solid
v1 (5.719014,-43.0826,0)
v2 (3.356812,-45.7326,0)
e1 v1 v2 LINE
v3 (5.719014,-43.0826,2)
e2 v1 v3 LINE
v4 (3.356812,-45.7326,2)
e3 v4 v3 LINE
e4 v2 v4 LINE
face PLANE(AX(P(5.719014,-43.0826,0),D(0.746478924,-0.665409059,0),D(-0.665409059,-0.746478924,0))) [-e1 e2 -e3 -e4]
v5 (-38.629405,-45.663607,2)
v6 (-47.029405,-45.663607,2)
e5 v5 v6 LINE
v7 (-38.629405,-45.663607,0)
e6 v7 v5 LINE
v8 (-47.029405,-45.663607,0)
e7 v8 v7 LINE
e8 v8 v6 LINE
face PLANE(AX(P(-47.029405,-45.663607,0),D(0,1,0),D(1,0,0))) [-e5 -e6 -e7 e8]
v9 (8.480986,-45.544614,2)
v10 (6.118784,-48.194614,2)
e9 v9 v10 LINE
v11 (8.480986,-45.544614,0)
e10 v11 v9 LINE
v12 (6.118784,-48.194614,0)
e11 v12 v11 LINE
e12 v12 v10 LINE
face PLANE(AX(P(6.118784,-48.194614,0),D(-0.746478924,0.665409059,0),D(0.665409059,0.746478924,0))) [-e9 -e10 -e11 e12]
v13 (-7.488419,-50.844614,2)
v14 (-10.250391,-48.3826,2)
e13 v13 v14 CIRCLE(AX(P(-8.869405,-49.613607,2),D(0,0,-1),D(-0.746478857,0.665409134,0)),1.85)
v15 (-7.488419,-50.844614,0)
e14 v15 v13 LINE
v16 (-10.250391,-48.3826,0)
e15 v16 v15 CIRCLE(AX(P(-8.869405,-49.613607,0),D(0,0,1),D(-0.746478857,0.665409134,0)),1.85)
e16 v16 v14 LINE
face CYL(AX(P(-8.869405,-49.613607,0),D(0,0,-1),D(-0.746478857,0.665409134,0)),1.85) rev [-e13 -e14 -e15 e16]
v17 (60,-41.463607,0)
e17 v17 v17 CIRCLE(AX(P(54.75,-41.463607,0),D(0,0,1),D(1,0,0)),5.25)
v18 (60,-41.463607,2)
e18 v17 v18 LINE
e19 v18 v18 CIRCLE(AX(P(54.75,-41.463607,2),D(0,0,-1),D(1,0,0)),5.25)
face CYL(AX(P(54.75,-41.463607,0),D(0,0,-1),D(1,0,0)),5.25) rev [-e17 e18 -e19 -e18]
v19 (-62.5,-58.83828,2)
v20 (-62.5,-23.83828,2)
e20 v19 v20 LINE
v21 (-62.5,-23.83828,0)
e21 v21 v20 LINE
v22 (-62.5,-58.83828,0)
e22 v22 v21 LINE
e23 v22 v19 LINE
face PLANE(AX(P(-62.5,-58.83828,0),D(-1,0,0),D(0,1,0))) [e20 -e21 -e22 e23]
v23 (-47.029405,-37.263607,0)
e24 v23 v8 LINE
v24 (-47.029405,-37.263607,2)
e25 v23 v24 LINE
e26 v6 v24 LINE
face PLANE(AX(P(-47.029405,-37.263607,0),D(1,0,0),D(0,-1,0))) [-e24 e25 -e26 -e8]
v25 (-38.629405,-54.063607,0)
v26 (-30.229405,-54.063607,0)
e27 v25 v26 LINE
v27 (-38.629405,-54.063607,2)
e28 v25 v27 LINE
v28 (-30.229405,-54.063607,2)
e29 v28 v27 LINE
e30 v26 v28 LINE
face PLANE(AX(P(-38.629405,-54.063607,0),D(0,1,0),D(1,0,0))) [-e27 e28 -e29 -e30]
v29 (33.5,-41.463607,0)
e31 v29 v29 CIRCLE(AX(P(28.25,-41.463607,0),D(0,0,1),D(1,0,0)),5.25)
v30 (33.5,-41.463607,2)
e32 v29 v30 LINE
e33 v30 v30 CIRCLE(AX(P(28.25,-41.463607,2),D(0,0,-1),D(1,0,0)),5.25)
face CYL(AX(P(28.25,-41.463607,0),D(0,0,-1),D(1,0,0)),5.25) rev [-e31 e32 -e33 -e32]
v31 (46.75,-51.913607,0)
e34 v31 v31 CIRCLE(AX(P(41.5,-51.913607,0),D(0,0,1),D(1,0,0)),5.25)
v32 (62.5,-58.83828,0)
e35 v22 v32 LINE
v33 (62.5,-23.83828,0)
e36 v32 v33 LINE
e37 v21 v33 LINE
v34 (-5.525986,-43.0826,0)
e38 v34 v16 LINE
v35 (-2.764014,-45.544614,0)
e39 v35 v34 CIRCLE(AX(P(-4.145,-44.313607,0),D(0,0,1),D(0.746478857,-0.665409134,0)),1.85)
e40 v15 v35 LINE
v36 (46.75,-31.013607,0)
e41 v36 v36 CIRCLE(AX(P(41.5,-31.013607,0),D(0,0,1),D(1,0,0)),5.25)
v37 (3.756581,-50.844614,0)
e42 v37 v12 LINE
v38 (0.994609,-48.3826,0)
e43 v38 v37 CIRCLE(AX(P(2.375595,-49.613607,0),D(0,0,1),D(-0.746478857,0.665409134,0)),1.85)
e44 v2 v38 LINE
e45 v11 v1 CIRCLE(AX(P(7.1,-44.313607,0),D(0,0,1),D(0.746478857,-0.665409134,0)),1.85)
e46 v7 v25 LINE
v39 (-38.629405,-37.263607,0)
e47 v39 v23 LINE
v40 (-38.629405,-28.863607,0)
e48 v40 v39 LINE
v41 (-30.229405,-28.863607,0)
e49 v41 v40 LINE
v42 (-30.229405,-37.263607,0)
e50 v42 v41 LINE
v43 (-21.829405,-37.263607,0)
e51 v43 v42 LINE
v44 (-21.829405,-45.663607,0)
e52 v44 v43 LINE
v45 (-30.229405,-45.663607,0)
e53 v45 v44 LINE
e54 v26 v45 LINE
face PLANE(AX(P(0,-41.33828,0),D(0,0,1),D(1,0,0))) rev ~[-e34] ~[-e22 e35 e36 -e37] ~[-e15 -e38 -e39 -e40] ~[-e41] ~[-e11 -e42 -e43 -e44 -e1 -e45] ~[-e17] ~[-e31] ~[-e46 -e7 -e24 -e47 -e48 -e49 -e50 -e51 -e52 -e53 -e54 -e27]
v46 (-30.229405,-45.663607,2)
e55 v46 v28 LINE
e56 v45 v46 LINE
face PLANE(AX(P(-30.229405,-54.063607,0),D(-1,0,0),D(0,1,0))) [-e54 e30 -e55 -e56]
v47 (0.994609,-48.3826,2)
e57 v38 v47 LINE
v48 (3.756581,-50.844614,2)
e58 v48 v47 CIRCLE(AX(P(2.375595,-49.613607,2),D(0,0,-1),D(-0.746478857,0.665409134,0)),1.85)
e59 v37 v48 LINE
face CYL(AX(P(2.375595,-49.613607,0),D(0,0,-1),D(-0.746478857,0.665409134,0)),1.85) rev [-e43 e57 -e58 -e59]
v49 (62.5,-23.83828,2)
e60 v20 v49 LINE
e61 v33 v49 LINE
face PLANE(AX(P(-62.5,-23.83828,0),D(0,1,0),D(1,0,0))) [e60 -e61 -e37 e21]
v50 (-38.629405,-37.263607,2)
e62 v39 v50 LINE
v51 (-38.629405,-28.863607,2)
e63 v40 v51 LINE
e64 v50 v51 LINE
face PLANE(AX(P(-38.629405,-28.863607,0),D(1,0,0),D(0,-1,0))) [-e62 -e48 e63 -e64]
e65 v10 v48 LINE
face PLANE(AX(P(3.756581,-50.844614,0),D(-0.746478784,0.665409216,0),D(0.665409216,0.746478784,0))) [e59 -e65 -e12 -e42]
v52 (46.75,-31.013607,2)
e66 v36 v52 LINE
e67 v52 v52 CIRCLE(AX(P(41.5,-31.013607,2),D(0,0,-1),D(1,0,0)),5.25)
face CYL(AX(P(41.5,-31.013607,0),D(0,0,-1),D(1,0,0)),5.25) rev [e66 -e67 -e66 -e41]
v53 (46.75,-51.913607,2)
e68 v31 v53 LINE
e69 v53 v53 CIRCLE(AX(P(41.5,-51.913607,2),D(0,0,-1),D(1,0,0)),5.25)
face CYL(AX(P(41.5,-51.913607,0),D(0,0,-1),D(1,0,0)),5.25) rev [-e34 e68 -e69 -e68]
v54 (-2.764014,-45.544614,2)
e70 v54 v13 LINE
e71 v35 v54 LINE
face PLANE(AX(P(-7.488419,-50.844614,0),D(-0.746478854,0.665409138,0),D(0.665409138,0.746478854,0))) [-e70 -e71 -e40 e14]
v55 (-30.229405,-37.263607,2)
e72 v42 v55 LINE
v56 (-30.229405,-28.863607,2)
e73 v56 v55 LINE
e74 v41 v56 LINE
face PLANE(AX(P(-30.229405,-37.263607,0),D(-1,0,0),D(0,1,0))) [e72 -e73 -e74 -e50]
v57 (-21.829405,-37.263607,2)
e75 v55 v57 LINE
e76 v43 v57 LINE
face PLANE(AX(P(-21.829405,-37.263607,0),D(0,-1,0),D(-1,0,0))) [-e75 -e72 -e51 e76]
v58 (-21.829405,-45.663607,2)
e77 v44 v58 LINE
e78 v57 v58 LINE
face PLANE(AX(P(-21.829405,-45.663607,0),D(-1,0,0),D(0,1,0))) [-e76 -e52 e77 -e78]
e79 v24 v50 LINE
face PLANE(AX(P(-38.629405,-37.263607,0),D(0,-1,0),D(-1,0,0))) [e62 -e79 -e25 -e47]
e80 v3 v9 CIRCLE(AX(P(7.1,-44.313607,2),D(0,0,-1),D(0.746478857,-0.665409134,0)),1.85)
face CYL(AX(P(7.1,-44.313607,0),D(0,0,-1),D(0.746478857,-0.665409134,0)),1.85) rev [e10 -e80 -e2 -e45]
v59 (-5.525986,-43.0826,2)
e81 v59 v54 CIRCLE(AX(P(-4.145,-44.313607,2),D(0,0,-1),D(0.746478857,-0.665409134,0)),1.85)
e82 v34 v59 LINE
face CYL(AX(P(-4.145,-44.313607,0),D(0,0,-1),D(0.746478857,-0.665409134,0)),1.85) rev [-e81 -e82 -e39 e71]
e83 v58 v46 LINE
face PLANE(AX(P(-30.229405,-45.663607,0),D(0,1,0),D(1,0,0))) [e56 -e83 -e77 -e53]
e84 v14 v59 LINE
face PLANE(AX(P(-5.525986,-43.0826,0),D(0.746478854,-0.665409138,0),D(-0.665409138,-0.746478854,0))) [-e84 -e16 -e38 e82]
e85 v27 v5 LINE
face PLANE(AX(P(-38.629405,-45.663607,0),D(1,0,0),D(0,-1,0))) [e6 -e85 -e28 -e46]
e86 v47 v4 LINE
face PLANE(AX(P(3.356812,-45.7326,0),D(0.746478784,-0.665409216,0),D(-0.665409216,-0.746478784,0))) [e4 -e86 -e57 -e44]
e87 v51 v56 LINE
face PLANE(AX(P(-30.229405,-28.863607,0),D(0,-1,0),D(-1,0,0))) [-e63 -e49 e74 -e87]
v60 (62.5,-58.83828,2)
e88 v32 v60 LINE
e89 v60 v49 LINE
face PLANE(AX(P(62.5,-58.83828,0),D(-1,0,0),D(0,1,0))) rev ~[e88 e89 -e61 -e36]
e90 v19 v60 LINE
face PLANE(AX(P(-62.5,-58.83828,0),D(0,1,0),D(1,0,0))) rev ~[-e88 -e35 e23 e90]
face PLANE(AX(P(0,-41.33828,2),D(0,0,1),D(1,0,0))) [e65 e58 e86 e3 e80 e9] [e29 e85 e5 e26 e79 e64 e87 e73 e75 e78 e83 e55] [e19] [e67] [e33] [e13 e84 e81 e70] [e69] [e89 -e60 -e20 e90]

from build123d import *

# Parameters (mm, degrees)
F2_W     = 125
F2_H     = 35
F3_DEPTH = 2
F1_R     = 5.25
F4_DEPTH = 25


with BuildPart() as f3:
    # F2 (on Top) → F3 (new body)
    with BuildSketch(Plane.XY):
        with Locations((0, -41.33828)):
            Rectangle(F2_W, F2_H)
    extrude(amount=F3_DEPTH)

    # F1 (on Top) → F4 (cut)
    with BuildSketch(Plane.XY):
        with Locations((41.5, -31.013607)):
            Circle(F1_R)
        with Locations((54.75, -41.463607)):
            Circle(F1_R)
        with Locations((41.5, -51.913607)):
            Circle(F1_R)
        with Locations((28.25, -41.463607)):
            Circle(F1_R)
        with BuildLine():
            Line((3.356812, -45.7326), (0.994609, -48.3826))
            ThreePointArc((0.994609, -48.3826), (1.144588, -50.994593), (3.756581, -50.844614))
            Line((3.756581, -50.844614), (6.118784, -48.194614))
            Line((6.118784, -48.194614), (3.356812, -45.7326))
        make_face()
        with BuildLine():
            Line((5.719014, -43.0826), (3.356812, -45.7326))
            Line((3.356812, -45.7326), (6.118784, -48.194614))
            Line((6.118784, -48.194614), (8.480986, -45.544614))
            ThreePointArc((8.480986, -45.544614), (8.331007, -42.932621), (5.719014, -43.0826))
        make_face()
        with BuildLine():
            Line((-5.525986, -43.0826), (-10.250391, -48.3826))
            ThreePointArc((-10.250391, -48.3826), (-10.100412, -50.994593), (-7.488419, -50.844614))
            Line((-7.488419, -50.844614), (-2.764014, -45.544614))
            ThreePointArc((-2.764014, -45.544614), (-2.913993, -42.932621), (-5.525986, -43.0826))
        make_face()
        Polygon((-21.829405, -37.263607), (-30.229405, -37.263607), (-30.229405, -28.863607), (-38.629405, -28.863607), (-38.629405, -37.263607), (-47.029405, -37.263607), (-47.029405, -45.663607), (-38.629405, -45.663607), (-38.629405, -54.063607), (-30.229405, -54.063607), (-30.229405, -45.663607), (-21.829405, -45.663607), align=None)
    extrude(amount=F4_DEPTH, mode=Mode.SUBTRACT)


solid = f3.part
